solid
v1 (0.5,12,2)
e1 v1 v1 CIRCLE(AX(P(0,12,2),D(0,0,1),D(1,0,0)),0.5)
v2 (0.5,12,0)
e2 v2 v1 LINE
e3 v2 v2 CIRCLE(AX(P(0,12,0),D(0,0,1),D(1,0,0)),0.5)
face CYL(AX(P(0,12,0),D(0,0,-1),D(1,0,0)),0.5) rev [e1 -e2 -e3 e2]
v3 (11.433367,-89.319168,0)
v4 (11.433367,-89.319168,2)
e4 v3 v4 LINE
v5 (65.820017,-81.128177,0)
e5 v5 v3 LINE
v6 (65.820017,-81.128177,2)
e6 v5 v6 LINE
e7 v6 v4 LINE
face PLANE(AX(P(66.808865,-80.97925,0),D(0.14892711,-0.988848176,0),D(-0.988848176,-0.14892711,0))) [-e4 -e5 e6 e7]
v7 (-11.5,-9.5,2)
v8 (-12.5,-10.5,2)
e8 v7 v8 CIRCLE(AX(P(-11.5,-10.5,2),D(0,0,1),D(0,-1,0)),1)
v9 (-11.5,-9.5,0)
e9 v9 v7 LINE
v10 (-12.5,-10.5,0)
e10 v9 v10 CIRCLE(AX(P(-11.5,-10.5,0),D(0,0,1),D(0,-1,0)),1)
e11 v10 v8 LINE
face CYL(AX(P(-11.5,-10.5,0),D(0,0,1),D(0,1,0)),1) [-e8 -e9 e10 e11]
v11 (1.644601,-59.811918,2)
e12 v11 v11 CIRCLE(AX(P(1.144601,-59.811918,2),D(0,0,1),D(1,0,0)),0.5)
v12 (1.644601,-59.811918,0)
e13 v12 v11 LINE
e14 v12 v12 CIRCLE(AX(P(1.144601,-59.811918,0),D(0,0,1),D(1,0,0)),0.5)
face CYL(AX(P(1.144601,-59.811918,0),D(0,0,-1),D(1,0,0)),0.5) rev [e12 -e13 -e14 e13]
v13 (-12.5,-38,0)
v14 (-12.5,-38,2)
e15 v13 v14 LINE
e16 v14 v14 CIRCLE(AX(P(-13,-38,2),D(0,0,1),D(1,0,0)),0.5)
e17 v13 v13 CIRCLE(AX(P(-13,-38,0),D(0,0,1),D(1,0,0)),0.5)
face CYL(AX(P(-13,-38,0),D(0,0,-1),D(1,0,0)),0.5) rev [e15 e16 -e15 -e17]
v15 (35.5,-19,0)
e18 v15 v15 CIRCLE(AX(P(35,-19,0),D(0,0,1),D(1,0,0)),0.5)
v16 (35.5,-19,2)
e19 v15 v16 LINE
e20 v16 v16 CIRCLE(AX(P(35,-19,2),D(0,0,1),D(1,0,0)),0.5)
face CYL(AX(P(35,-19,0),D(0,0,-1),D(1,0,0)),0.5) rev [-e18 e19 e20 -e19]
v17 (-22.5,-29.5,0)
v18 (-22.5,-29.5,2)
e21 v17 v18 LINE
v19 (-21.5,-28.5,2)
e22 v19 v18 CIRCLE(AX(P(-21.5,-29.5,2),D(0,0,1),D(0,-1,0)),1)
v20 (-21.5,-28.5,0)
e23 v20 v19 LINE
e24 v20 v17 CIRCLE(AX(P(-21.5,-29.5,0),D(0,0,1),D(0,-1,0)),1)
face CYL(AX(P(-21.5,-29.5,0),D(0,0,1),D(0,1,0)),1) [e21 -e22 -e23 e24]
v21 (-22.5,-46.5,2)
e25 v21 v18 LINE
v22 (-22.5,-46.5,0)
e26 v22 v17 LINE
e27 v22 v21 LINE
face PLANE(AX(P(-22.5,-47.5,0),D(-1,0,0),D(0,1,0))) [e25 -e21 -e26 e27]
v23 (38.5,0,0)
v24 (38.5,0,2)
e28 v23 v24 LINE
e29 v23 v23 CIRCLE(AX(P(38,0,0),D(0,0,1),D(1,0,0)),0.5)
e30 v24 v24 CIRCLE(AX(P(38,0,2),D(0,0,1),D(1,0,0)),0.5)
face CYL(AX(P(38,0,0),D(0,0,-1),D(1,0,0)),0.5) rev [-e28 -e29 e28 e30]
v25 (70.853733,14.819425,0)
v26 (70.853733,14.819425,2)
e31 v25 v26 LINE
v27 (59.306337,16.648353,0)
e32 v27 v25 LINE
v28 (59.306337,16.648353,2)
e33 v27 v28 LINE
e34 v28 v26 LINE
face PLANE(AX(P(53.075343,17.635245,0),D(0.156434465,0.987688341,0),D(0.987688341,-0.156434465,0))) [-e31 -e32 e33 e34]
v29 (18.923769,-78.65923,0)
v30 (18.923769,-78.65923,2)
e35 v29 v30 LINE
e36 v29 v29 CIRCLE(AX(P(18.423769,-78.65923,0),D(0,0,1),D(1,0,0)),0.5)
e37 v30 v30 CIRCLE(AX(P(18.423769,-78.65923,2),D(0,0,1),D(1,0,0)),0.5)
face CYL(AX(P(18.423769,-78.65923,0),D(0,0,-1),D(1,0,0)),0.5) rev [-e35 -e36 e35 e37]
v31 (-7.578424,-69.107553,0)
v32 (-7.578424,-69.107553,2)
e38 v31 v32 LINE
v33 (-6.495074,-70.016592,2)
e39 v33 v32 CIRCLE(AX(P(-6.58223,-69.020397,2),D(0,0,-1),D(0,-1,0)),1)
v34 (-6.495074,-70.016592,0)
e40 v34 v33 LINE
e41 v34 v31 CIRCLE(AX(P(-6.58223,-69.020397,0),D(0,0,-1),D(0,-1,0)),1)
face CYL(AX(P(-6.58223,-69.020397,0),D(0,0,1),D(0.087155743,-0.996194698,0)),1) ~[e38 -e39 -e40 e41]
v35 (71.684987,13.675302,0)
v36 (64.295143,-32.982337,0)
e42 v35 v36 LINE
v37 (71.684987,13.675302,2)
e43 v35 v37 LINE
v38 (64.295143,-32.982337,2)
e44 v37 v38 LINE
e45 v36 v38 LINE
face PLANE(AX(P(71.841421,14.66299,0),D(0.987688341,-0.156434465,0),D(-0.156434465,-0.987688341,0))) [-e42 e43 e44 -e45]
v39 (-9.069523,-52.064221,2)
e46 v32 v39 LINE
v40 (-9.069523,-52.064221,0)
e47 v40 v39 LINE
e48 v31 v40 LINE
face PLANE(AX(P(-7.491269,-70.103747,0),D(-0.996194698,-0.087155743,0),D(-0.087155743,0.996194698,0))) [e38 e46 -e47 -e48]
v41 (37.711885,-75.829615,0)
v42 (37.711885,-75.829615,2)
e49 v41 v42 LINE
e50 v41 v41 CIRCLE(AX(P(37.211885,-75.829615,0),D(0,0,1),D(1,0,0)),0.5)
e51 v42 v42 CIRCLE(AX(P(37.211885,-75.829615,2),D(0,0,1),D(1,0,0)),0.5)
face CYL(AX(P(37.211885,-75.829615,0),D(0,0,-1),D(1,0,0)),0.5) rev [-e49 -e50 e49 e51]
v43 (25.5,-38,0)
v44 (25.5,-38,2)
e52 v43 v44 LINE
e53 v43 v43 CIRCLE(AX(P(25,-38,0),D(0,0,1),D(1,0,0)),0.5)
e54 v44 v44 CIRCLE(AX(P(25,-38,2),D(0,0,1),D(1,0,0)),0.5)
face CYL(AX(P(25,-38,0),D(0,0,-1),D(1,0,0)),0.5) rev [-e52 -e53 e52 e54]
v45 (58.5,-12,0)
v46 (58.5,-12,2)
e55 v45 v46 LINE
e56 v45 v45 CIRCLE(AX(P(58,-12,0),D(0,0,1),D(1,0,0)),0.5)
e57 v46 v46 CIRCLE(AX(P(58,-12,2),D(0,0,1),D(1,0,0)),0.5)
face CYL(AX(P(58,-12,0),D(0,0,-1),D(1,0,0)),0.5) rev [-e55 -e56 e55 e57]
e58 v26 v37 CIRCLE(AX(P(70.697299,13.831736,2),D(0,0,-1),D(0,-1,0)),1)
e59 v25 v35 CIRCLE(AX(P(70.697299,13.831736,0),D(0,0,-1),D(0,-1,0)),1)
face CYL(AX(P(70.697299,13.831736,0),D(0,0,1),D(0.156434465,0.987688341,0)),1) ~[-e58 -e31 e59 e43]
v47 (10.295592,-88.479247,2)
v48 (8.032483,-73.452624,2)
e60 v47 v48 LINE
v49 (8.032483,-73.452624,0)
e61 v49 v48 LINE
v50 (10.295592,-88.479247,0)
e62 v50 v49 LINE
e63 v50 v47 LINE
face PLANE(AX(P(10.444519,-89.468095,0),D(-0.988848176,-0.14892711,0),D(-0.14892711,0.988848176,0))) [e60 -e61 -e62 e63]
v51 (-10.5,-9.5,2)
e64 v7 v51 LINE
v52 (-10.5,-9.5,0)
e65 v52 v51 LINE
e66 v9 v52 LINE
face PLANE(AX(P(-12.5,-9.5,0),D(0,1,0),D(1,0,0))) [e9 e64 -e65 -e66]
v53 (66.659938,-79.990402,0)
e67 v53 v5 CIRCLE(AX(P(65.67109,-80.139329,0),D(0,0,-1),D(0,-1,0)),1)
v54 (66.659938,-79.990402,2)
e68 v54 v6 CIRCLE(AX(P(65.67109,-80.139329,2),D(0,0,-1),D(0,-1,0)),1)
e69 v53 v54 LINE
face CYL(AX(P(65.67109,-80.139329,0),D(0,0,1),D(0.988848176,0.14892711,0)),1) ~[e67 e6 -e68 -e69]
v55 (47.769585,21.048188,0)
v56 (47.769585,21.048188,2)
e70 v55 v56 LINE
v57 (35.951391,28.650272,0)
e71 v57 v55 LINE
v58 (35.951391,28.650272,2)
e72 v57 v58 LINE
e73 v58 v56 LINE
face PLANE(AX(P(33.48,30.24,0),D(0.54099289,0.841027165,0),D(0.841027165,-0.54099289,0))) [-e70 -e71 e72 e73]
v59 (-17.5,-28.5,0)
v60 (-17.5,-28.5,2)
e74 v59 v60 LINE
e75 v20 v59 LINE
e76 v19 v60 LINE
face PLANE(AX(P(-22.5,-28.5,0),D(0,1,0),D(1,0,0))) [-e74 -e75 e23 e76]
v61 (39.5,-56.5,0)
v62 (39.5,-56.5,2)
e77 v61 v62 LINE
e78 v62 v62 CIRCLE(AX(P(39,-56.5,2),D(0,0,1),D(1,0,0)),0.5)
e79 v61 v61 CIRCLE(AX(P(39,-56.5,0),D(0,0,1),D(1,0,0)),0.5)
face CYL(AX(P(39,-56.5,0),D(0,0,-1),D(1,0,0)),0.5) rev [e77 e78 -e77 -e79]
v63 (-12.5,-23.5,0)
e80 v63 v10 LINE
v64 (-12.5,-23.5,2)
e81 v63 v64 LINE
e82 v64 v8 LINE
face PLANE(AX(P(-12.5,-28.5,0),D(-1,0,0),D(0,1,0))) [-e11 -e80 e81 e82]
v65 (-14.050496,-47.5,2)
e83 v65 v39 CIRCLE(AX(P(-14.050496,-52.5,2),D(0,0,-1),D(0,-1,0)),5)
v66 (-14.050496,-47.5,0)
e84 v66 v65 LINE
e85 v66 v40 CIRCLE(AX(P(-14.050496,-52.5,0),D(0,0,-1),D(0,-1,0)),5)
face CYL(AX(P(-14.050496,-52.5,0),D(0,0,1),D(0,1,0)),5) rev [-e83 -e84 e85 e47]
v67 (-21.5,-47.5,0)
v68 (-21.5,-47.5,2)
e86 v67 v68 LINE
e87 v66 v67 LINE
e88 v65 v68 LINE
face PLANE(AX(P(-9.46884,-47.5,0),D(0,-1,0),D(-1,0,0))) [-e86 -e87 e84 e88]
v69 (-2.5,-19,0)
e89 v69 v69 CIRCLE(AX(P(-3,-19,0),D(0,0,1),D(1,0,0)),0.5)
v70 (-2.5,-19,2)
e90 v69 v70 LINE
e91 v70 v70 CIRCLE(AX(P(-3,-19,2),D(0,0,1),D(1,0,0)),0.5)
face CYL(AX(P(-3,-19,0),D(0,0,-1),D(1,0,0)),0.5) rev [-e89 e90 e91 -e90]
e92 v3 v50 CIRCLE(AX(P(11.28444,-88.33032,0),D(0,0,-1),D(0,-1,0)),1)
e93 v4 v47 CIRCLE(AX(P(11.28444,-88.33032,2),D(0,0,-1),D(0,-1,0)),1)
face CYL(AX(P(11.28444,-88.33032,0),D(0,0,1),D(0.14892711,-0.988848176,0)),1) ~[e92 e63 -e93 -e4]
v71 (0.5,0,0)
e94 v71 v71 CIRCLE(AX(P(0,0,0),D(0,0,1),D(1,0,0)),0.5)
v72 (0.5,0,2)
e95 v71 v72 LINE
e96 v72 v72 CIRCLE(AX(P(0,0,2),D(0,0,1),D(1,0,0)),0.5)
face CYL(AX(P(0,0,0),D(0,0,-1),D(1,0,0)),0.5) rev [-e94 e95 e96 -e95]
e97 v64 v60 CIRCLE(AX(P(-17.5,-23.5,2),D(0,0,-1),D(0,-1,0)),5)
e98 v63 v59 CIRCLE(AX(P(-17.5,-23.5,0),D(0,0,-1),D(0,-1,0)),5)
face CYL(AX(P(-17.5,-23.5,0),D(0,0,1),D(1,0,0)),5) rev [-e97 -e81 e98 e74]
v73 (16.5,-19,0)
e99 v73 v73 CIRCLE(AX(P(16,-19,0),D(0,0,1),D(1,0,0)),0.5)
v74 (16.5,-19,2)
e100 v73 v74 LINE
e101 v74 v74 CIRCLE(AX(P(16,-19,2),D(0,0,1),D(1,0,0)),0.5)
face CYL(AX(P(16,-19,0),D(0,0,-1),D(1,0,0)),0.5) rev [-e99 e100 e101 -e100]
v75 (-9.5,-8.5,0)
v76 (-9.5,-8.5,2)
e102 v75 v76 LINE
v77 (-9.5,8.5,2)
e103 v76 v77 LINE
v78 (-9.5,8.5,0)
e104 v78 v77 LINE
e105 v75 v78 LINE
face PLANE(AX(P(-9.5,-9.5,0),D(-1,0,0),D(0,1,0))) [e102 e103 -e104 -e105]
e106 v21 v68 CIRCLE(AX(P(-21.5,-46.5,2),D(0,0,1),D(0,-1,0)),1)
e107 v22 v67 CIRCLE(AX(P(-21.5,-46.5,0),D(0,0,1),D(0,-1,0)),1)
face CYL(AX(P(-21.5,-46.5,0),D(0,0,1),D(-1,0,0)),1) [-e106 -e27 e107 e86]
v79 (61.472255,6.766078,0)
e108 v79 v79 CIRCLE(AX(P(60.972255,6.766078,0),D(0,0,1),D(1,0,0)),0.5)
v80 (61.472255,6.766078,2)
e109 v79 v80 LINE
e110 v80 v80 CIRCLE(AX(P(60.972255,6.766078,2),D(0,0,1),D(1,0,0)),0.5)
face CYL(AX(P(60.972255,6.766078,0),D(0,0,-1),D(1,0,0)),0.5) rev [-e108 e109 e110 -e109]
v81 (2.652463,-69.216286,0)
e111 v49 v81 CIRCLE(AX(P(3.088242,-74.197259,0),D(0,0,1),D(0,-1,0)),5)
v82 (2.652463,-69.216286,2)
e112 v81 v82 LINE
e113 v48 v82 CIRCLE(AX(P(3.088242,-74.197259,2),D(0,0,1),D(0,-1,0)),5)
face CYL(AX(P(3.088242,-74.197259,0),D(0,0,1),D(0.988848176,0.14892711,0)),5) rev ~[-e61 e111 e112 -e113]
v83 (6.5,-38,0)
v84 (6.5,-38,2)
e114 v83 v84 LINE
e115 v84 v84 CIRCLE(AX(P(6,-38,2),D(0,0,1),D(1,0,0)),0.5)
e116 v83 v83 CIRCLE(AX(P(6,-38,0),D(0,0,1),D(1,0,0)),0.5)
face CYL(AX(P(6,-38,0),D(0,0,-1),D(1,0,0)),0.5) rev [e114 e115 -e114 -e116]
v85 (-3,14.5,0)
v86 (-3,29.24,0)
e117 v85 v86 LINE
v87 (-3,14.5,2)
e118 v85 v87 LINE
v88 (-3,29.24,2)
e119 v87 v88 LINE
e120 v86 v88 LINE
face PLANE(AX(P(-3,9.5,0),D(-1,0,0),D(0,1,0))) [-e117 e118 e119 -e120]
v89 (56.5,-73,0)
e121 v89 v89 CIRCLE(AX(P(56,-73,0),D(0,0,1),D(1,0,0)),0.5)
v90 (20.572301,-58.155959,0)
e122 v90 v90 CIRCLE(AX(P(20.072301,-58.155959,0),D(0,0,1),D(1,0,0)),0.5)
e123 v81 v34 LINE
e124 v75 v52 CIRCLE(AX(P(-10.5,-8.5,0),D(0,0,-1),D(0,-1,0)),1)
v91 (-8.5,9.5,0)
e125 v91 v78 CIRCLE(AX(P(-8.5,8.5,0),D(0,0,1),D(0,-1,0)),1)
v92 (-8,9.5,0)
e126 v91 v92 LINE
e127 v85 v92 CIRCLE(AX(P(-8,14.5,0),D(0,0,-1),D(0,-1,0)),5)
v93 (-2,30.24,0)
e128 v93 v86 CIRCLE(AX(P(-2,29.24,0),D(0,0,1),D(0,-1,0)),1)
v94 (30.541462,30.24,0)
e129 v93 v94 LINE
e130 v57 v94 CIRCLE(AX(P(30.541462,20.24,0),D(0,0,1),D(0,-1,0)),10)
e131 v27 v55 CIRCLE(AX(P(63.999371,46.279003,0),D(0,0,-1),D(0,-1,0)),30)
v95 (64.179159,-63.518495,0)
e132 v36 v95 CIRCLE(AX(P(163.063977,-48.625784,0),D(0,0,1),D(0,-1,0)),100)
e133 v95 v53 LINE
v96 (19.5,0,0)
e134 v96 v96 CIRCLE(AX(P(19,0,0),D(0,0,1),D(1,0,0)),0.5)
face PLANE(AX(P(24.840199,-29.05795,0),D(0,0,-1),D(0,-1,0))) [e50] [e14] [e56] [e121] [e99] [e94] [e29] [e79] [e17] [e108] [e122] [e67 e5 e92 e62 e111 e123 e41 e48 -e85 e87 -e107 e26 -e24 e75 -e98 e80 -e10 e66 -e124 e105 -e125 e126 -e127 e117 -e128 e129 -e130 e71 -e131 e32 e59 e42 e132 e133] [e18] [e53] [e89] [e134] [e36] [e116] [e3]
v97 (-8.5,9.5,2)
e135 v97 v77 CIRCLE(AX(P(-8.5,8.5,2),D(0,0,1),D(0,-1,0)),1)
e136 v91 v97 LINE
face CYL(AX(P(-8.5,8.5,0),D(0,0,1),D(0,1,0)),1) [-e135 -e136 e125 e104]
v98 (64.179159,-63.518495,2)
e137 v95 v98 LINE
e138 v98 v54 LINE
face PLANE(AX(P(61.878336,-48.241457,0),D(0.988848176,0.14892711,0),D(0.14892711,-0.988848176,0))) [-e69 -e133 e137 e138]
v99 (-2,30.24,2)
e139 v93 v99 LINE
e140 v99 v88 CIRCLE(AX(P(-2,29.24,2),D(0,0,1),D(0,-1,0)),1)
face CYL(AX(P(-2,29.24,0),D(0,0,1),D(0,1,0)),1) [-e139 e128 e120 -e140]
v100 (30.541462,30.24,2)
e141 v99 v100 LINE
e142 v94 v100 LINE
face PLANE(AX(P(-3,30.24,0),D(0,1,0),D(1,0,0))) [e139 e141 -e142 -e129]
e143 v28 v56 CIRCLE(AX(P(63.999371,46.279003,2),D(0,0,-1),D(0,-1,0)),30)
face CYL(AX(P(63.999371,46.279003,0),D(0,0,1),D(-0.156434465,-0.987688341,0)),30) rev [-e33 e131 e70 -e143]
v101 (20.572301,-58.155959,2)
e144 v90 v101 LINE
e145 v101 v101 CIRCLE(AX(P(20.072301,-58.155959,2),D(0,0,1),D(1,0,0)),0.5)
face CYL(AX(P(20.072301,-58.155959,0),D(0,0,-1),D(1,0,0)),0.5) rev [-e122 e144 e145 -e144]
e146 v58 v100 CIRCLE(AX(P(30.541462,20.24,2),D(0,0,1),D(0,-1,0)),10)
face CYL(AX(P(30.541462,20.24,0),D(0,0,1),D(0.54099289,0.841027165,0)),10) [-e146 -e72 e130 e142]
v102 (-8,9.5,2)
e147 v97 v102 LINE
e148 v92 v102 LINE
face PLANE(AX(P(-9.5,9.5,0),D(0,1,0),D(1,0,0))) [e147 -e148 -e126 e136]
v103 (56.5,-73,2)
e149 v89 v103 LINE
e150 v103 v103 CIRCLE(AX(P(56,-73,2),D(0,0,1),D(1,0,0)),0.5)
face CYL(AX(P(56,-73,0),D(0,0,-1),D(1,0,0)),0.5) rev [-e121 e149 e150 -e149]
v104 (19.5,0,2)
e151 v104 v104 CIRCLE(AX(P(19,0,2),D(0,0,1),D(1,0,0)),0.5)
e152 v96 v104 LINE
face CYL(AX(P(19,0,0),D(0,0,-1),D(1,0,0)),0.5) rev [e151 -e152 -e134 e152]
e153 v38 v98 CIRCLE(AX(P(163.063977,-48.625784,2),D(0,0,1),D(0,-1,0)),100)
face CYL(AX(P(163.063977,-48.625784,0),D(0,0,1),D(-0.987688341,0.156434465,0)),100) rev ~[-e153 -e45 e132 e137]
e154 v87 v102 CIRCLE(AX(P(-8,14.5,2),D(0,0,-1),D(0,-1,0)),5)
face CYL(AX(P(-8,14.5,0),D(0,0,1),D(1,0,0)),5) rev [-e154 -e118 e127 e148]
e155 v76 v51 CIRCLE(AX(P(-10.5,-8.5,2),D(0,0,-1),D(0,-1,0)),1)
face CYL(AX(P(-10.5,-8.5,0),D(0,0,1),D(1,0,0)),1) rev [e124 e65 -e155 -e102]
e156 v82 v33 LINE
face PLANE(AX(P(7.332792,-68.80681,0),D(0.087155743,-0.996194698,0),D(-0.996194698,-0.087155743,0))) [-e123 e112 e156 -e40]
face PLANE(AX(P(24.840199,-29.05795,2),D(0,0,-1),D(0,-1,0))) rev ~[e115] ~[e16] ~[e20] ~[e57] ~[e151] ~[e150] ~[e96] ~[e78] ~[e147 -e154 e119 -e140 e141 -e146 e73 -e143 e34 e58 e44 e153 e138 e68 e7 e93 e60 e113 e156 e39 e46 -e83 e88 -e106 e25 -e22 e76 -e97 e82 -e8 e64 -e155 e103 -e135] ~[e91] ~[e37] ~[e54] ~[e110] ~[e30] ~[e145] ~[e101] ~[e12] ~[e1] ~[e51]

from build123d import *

# Parameters (mm, degrees)
SKETCH1_R           = 0.5
BOSS_EXTRUDE1_DEPTH = 2
FILLET1_R           = 30
FILLET5_R           = 100
FILLET2_R           = 10
FILLET3_R           = 1
FILLET4_R           = 5


with BuildPart() as part:
    # Sketch1 → Boss-Extrude1 (new body)
    with BuildSketch(Plane(origin=(0, 0, 0), x_dir=(0, 1, 0), z_dir=(0, 0, 1))):
        Polygon((-89.468095407, -10.44451917), (-68.806810142, -7.332792233), (-70.103747412, 7.491268603), (-47.5, 9.468840255), (-47.5, 22.5), (-28.5, 22.5), (-28.5, 12.5), (-9.5, 12.5), (-9.5, 9.5), (9.5, 9.5), (9.5, 3), (30.24, 3), (30.24, -33.48), (17.635245125, -53.075343018), (14.662990289, -71.841421489), (-48.241456697, -61.878335859), (-80.979250129, -66.808865222), align=None)
        with Locations(Location((-56.5, -39, 0), (0, 0, 270))):
            Circle(SKETCH1_R, mode=Mode.SUBTRACT)
        with Locations(Location((-73, -56, 0), (0, 0, 270))):
            Circle(SKETCH1_R, mode=Mode.SUBTRACT)
        with Locations(Location((0, 0, 0), (0, 0, 270))):
            Circle(SKETCH1_R, mode=Mode.SUBTRACT)
        with Locations(Location((-38, 13, 0), (0, 0, 270))):
            Circle(SKETCH1_R, mode=Mode.SUBTRACT)
        with Locations(Location((-19, 3, 0), (0, 0, 270))):
            Circle(SKETCH1_R, mode=Mode.SUBTRACT)
        with Locations(Location((12, 0, 0), (0, 0, 270))):
            Circle(SKETCH1_R, mode=Mode.SUBTRACT)
        with Locations(Location((-12, -58, 0), (0, 0, 270))):
            Circle(SKETCH1_R, mode=Mode.SUBTRACT)
        with Locations(Location((0, -19, 0), (0, 0, 270))):
            Circle(SKETCH1_R, mode=Mode.SUBTRACT)
        with Locations(Location((-19, -16, 0), (0, 0, 270))):
            Circle(SKETCH1_R, mode=Mode.SUBTRACT)
        with Locations(Location((-38, -6, 0), (0, 0, 270))):
            Circle(SKETCH1_R, mode=Mode.SUBTRACT)
        with Locations(Location((0, -38, 0), (0, 0, 270))):
            Circle(SKETCH1_R, mode=Mode.SUBTRACT)
        with Locations(Location((-19, -35, 0), (0, 0, 270))):
            Circle(SKETCH1_R, mode=Mode.SUBTRACT)
        with Locations(Location((-38, -25, 0), (0, 0, 270))):
            Circle(SKETCH1_R, mode=Mode.SUBTRACT)
        with Locations(Location((-58.155959112, -20.072300736, 0), (0, 0, 270))):
            Circle(SKETCH1_R, mode=Mode.SUBTRACT)
        with Locations(Location((-59.811918224, -1.144601473, 0), (0, 0, 270))):
            Circle(SKETCH1_R, mode=Mode.SUBTRACT)
        with Locations(Location((-75.829615093, -37.211884649, 0), (0, 0, 270))):
            Circle(SKETCH1_R, mode=Mode.SUBTRACT)
        with Locations(Location((-78.659230186, -18.423769299, 0), (0, 0, 270))):
            Circle(SKETCH1_R, mode=Mode.SUBTRACT)
        with Locations(Location((6.766078471, -60.972254836, 0), (0, 0, 270))):
            Circle(SKETCH1_R, mode=Mode.SUBTRACT)
    extrude(amount=BOSS_EXTRUDE1_DEPTH)

    # Fillet1
    fillet1_edges = [part.edges().sort_by_distance(p)[0] for p in [
        (53.075343018, 17.635245125, 1),
    ]]
    fillet(fillet1_edges, radius=FILLET1_R)

    # Fillet5
    fillet5_edges = [part.edges().sort_by_distance(p)[0] for p in [
        (61.878335859, -48.241456697, 1),
    ]]
    fillet(fillet5_edges, radius=FILLET5_R)

    # Fillet2
    fillet2_edges = [part.edges().sort_by_distance(p)[0] for p in [
        (33.48, 30.24, 1),
    ]]
    fillet(fillet2_edges, radius=FILLET2_R)

    # Fillet3
    fillet3_edges = [part.edges().sort_by_distance(p)[0] for p in [
        (10.44451917, -89.468095407, 1),
        (-7.491268603, -70.103747412, 1),
        (-22.5, -47.5, 1),
        (-22.5, -28.5, 1),
        (-12.5, -9.5, 1),
        (-9.5, -9.5, 1),
        (-9.5, 9.5, 1),
        (-3, 30.24, 1),
        (71.841421489, 14.662990289, 1),
        (66.808865222, -80.979250129, 1),
    ]]
    fillet(fillet3_edges, radius=FILLET3_R)

    # Fillet4
    fillet4_edges = [part.edges().sort_by_distance(p)[0] for p in [
        (7.332792233, -68.806810142, 1),
        (-9.468840255, -47.5, 1),
        (-12.5, -28.5, 1),
        (-3, 9.5, 1),
    ]]
    fillet(fillet4_edges, radius=FILLET4_R)


solid = part.part
